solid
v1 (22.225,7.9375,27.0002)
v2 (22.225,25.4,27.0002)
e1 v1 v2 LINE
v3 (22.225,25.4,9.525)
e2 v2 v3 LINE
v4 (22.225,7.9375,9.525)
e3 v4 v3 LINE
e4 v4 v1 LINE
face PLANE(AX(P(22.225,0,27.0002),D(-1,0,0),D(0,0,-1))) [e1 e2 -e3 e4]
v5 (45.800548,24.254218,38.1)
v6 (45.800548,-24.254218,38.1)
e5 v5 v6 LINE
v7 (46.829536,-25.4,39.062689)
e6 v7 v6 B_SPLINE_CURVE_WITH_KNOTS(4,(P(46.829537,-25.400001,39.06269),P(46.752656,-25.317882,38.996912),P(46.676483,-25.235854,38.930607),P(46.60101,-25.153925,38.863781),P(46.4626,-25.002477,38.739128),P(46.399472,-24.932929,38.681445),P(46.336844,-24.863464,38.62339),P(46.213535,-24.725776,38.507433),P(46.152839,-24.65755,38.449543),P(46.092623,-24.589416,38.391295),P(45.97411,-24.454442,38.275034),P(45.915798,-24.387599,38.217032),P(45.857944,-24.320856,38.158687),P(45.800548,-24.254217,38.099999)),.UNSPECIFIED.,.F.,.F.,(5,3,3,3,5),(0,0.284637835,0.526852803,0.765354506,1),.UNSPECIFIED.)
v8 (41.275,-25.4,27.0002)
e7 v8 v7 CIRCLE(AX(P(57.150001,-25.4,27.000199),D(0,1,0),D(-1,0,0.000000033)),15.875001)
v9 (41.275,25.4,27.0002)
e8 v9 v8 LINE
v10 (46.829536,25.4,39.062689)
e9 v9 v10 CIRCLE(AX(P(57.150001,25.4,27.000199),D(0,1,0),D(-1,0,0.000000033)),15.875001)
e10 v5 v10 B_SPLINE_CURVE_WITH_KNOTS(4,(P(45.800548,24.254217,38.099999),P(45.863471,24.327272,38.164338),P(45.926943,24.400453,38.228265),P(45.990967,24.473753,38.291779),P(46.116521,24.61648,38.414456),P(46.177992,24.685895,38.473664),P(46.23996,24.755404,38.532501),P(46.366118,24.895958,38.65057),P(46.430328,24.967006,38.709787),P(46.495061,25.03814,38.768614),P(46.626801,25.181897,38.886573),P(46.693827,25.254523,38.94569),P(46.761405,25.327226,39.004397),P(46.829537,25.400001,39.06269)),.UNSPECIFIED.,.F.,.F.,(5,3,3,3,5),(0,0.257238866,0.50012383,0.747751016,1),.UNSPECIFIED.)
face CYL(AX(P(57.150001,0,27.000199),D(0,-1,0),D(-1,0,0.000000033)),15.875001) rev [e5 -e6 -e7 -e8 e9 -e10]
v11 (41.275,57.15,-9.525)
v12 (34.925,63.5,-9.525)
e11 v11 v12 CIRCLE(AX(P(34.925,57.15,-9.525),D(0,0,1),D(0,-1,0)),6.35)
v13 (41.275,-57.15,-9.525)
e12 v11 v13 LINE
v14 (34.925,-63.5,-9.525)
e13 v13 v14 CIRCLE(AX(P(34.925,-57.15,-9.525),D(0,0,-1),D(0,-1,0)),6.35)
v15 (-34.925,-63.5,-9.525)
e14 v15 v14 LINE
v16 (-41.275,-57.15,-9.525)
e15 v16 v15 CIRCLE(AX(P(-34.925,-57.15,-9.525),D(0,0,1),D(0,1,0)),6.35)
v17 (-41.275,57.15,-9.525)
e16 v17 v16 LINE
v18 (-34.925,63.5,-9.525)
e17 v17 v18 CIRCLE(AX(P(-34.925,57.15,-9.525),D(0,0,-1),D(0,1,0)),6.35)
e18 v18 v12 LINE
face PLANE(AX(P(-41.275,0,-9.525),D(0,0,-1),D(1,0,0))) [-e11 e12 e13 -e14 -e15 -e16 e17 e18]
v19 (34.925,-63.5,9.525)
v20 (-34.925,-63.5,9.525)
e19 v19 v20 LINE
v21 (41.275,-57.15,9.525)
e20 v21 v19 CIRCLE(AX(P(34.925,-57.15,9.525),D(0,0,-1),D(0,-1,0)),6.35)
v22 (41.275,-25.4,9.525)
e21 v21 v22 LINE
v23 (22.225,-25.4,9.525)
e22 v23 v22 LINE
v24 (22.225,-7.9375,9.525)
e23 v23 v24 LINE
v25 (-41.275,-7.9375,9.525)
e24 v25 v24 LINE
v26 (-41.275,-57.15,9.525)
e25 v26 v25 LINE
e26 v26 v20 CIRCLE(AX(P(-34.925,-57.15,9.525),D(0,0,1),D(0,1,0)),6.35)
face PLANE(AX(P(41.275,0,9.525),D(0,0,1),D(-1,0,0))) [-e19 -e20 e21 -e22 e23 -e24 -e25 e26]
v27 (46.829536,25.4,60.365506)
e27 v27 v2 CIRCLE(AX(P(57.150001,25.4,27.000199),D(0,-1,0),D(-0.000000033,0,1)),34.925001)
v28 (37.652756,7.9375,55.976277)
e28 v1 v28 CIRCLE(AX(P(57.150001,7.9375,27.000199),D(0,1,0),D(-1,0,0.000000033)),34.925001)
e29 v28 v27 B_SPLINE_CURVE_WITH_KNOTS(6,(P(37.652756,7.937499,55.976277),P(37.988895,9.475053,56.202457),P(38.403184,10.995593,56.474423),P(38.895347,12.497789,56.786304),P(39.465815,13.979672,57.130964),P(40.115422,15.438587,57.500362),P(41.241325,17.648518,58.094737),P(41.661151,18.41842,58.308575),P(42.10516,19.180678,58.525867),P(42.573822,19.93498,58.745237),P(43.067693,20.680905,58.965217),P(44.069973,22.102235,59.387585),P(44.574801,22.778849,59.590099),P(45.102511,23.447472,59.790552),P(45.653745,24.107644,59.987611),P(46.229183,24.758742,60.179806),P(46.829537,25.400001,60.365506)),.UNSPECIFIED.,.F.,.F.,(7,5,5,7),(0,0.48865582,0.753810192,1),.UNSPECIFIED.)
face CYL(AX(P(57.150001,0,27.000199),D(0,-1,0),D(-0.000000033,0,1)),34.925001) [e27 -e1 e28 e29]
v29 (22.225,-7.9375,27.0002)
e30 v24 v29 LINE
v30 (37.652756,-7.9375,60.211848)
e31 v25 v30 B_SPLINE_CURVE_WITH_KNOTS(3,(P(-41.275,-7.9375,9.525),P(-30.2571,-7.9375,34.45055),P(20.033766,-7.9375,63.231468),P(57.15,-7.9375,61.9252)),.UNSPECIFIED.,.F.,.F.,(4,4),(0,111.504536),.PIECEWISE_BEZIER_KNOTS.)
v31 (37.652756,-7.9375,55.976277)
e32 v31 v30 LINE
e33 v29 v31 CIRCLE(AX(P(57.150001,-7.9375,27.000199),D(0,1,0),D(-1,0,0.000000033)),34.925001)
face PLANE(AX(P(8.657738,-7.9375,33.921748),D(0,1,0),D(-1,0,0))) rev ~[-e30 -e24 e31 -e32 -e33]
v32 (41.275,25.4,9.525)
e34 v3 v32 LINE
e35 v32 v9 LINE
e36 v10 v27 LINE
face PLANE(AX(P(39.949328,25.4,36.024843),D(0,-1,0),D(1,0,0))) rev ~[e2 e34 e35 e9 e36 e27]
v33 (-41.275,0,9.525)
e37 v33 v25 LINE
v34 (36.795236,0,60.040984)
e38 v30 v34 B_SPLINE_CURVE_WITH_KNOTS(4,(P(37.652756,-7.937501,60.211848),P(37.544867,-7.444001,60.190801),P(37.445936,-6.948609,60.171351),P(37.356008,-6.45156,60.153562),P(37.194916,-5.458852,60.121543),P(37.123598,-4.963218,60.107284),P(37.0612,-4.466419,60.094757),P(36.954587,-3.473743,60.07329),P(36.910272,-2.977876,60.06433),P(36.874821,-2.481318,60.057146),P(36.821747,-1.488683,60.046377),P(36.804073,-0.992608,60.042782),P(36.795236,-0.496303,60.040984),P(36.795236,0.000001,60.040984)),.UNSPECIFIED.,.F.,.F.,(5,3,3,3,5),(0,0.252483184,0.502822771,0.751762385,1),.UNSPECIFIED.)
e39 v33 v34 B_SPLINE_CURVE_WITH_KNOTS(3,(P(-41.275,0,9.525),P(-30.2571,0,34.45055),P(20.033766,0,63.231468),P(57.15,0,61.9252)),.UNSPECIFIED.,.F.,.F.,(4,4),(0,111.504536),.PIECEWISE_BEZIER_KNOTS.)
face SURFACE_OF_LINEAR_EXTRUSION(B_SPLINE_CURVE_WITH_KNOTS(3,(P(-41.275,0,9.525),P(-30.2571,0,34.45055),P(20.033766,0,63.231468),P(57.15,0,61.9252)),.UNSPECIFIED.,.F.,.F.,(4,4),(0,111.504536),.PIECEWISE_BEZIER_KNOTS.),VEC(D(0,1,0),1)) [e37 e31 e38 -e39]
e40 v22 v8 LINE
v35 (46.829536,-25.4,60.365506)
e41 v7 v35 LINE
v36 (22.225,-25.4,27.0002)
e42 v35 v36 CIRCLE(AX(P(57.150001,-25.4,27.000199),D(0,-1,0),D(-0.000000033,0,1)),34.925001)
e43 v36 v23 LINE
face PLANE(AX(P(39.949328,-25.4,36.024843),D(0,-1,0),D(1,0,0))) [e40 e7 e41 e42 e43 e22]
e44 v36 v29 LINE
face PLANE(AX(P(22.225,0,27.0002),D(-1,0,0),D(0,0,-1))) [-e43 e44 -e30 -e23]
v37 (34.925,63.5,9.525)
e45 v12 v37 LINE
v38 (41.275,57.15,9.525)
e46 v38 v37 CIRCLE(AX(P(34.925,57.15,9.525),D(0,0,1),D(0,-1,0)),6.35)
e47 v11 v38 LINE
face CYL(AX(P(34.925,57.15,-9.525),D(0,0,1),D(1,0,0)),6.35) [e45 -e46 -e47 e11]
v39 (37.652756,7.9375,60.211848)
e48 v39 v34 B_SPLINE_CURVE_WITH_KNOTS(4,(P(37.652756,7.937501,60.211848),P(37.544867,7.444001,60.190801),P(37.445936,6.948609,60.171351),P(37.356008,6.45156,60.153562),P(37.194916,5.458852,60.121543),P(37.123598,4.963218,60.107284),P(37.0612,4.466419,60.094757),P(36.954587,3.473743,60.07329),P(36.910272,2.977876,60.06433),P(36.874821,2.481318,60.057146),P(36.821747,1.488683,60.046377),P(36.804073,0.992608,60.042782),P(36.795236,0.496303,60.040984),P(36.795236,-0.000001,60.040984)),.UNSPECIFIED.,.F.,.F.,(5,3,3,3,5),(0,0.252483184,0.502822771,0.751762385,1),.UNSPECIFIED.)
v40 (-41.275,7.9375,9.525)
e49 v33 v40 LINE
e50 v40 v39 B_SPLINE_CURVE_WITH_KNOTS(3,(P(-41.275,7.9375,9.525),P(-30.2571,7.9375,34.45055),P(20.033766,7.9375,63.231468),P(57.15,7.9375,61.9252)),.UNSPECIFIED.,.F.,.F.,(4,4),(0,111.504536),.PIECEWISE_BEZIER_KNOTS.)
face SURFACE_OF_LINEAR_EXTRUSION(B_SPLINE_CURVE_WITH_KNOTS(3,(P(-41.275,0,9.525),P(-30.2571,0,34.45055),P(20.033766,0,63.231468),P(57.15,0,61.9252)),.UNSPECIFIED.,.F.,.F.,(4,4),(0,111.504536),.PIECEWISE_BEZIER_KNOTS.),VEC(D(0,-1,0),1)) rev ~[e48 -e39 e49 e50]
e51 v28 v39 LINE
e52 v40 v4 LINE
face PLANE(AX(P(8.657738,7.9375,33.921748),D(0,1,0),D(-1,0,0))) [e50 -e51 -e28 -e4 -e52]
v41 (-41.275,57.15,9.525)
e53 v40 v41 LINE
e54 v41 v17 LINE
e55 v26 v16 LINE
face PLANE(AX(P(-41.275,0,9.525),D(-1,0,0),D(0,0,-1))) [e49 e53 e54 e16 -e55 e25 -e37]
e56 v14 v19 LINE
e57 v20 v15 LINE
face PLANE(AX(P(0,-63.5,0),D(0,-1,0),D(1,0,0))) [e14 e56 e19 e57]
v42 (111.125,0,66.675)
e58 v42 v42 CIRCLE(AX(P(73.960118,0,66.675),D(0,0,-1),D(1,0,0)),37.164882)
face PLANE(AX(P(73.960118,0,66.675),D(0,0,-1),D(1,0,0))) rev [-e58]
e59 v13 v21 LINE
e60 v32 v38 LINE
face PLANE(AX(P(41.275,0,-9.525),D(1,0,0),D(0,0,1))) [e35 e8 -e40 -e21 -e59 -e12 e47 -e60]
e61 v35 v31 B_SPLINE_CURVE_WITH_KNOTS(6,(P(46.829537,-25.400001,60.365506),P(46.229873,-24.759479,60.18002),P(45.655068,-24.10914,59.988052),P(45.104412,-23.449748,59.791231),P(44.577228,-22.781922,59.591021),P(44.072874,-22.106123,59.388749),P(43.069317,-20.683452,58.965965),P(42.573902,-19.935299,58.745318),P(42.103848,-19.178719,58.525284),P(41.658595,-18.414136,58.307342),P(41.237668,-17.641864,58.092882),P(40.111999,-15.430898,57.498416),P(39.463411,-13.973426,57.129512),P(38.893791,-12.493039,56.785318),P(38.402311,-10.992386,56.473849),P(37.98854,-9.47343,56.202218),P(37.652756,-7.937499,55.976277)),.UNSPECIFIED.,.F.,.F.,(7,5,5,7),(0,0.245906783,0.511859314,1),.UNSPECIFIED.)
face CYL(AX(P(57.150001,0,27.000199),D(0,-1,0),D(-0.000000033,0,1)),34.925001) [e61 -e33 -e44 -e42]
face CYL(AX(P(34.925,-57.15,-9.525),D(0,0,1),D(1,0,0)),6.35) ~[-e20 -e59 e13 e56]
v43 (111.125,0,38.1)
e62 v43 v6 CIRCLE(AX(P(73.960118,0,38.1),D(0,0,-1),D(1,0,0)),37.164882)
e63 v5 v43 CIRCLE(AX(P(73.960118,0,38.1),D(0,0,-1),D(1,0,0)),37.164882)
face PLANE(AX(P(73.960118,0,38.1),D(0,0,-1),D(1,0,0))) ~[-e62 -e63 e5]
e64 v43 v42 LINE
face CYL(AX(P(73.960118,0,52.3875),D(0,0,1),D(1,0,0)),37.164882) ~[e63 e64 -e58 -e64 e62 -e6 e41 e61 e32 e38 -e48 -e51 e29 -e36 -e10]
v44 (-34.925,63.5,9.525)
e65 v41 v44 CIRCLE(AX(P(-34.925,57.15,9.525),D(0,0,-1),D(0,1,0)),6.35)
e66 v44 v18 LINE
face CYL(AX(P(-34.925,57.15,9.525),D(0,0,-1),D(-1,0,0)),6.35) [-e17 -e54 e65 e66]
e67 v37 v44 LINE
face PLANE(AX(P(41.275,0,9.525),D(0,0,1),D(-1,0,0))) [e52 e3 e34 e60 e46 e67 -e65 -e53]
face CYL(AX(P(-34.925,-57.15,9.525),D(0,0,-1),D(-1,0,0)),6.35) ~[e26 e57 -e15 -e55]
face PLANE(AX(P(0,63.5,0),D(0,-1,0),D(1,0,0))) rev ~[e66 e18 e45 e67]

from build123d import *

# Parameters (mm, degrees)
F1_DEPTH = 63.5
F2_DEPTH = 25.4
F3_DEPTH = 7.9375
F0_W     = 37.164882
F0_H     = 28.575
F5_R     = 6.35


with BuildPart() as f1:
    # F0 (on Front) → F1 (new body, symmetric)
    with BuildSketch(Plane.XZ):
        Polygon((-41.275, 9.525), (-41.275, -9.525), (41.275, -9.525), (41.275, 9.525), (22.225, 9.525), align=None)
    extrude(amount=F1_DEPTH, both=True)

    # F0 (on Front) → F2 (join, symmetric)
    with BuildSketch(Plane.XZ):
        with BuildLine():
            Line((22.225, 9.525), (41.275, 9.525))
            Line((41.275, 9.525), (41.275, 27.0002))
            ThreePointArc((41.275, 27.0002), (45.92468, 38.22552), (57.15, 42.8752))
            Line((57.15, 42.8752), (60.325, 42.8752))
            Line((60.325, 42.8752), (60.325, 61.9252))
            Line((60.325, 61.9252), (57.15, 61.9252))
            ThreePointArc((57.15, 61.9252), (32.454296, 51.695904), (22.225, 27.0002))
            Line((22.225, 27.0002), (22.225, 9.525))
        make_face()
        Polygon((60.325, 66.675), (60.325, 61.9252), (60.325, 42.8752), (60.325, 38.1), (73.960118, 38.1), (73.960118, 66.675), align=None)
    extrude(amount=F2_DEPTH, both=True)

    # F0 (on Front) → F3 (join, symmetric)
    with BuildSketch(Plane.XZ):
        with BuildLine():
            add(Edge.make_bspline(
                [(-41.275, 9.525), (-30.2571, 34.45055), (20.033766, 63.231468), (57.15, 61.9252)],
                knots=[0, 0, 0, 0, 111.504536, 111.504536, 111.504536, 111.504536], degree=3))
            Line((-41.275, 9.525), (22.225, 9.525))
            Line((22.225, 9.525), (22.225, 27.0002))
            ThreePointArc((22.225, 27.0002), (32.454296, 51.695904), (57.15, 61.9252))
        make_face()
    extrude(amount=F3_DEPTH, both=True)

    # F0 (on Front) → F4 (revolve)
    with BuildSketch(Plane.XZ):
        with Locations((92.542559, 52.3875)):
            Rectangle(F0_W, F0_H)
    revolve(axis=Axis((73.960118, 0, 52.3875), (0, 0, -1)))

    # F5
    f5_edges = [f1.edges().sort_by_distance(p)[0] for p in [
        (-41.275, -63.5, 0),
        (41.275, -63.5, 0),
        (-41.275, 63.5, 0),
        (41.275, 63.5, 0),
    ]]
    fillet(f5_edges, radius=F5_R)


solid = f1.part
